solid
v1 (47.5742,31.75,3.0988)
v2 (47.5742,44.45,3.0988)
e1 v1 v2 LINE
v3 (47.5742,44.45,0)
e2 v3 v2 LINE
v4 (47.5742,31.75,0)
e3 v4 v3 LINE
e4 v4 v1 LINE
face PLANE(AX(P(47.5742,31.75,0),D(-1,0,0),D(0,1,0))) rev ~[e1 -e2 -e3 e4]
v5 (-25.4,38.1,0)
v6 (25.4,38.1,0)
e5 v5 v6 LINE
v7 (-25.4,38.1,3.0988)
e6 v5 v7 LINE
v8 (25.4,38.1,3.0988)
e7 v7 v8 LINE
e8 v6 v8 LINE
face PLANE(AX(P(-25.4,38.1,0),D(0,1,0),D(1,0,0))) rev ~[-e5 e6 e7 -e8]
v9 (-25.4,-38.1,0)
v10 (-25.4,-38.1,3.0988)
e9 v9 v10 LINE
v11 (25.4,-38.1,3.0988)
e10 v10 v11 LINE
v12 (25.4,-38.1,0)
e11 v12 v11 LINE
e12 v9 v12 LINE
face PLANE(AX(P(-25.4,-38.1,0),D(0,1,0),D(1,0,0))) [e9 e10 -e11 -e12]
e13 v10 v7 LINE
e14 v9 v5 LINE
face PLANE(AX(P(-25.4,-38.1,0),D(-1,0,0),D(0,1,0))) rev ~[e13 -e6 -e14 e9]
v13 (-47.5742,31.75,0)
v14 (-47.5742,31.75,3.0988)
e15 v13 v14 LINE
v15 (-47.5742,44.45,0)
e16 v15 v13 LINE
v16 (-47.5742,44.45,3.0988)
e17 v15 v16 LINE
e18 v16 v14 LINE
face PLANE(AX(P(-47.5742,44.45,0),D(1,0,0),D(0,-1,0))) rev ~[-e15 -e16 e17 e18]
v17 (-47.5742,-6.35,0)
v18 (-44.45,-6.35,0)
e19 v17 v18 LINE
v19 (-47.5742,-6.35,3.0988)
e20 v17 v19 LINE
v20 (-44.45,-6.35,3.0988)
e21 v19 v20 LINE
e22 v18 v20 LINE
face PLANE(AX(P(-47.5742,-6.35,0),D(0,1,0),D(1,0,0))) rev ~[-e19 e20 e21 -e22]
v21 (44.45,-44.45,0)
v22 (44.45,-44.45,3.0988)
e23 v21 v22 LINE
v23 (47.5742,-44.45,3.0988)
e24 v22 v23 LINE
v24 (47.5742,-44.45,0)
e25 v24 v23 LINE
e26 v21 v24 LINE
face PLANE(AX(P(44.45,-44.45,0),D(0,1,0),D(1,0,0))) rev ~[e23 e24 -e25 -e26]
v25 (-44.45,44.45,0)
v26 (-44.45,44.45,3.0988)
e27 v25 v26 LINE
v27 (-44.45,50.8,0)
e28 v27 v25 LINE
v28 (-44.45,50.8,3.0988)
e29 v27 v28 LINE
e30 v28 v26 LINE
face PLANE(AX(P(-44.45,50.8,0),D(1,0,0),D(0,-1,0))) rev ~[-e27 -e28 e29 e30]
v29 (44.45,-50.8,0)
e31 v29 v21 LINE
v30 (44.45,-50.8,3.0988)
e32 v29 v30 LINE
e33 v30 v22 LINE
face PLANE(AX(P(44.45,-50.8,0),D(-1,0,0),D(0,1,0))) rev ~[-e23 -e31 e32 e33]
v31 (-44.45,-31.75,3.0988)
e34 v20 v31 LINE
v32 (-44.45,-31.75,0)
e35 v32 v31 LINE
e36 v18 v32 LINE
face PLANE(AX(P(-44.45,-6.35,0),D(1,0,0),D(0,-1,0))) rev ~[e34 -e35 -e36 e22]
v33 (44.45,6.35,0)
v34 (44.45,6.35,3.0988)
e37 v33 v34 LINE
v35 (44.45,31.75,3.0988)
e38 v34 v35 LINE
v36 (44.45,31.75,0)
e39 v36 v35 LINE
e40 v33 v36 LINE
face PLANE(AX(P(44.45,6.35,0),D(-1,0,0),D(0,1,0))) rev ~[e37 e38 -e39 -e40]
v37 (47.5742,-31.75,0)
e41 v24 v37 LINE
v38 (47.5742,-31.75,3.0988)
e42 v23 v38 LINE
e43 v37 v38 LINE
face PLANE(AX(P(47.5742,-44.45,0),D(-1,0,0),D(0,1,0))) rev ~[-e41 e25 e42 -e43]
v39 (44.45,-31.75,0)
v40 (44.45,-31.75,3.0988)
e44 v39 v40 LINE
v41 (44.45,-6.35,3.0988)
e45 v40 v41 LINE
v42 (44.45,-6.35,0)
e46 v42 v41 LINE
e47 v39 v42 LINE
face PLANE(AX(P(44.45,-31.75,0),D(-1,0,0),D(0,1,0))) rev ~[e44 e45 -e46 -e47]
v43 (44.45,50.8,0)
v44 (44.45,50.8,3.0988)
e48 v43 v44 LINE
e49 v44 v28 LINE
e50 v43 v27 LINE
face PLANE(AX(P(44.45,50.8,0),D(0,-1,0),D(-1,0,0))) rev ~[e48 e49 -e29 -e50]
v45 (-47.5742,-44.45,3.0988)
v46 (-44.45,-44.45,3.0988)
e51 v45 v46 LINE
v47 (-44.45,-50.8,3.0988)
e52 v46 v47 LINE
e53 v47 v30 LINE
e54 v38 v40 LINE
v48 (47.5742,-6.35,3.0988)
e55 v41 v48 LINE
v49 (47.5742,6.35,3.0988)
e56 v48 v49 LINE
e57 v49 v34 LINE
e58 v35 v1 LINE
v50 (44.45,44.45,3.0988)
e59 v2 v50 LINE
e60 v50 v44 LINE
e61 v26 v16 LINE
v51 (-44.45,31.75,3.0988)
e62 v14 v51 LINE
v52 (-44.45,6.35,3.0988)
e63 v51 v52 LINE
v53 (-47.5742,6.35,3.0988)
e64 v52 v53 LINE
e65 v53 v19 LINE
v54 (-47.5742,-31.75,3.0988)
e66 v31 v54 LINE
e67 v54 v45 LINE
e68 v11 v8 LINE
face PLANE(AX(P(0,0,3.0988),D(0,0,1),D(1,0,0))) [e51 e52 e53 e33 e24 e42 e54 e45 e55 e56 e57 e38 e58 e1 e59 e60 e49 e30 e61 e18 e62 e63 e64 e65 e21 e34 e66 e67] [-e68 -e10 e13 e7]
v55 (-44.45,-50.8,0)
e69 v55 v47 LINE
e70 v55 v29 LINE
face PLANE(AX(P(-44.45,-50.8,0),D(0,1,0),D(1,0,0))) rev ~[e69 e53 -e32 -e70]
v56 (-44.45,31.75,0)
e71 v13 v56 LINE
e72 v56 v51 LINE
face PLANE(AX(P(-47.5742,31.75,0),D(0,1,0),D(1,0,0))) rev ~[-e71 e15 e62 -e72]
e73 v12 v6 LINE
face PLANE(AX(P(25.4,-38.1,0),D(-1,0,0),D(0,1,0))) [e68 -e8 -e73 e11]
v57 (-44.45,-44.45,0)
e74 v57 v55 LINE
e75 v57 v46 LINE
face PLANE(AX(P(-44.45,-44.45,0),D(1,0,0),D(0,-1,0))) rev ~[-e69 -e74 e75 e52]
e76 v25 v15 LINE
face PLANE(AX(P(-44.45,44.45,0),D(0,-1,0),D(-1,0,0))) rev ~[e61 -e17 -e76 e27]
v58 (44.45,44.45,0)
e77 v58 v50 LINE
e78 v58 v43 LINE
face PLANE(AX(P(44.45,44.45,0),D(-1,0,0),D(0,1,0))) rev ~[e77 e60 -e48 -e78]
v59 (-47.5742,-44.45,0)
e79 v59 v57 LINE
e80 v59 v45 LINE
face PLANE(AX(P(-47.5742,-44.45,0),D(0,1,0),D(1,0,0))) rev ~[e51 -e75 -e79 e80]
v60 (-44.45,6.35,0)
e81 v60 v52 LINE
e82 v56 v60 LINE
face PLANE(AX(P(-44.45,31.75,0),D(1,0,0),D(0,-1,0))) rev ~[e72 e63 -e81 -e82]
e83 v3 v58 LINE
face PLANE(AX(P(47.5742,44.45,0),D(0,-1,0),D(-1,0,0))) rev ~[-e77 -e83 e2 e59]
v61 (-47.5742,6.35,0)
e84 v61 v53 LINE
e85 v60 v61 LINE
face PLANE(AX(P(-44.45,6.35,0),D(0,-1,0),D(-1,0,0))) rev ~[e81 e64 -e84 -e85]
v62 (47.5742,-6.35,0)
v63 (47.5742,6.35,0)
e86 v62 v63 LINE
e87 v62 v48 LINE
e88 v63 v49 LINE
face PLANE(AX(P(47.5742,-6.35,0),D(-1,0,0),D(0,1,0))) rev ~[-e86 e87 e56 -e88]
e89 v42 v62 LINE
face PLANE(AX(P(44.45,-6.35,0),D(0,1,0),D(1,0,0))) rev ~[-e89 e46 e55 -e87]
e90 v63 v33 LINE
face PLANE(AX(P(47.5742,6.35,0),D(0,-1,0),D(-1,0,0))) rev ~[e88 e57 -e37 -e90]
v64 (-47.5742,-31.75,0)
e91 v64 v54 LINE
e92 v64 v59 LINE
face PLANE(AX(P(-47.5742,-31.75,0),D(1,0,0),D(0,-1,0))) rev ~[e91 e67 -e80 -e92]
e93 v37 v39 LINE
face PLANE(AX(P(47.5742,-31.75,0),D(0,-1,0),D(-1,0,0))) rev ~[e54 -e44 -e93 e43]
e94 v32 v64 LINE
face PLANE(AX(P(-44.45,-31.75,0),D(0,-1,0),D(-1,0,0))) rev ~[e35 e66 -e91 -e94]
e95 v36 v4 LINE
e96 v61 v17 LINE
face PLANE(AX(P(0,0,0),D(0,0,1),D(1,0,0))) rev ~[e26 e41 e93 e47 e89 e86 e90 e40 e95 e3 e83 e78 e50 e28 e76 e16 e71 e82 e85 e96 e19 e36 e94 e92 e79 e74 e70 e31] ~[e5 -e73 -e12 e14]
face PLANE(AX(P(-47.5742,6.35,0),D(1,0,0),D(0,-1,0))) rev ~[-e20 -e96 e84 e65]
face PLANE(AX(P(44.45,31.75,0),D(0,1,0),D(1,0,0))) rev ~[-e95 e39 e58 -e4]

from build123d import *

# Parameters (mm, degrees)
F0_W     = 50.8
F0_H     = 76.2
F1_DEPTH = 3.0988


with BuildPart() as f1:
    # F0 (on Top) → F1 (new body)
    with BuildSketch(Plane.XY):
        Polygon((44.45, 50.8), (-44.45, 50.8), (-44.45, 44.45), (-47.5742, 44.45), (-47.5742, 31.75), (-44.45, 31.75), (-44.45, 6.35), (-47.5742, 6.35), (-47.5742, -6.35), (-44.45, -6.35), (-44.45, -31.75), (-47.5742, -31.75), (-47.5742, -44.45), (-44.45, -44.45), (-44.45, -50.8), (44.45, -50.8), (44.45, -44.45), (47.5742, -44.45), (47.5742, -31.75), (44.45, -31.75), (44.45, -6.35), (47.5742, -6.35), (47.5742, 6.35), (44.45, 6.35), (44.45, 31.75), (47.5742, 31.75), (47.5742, 44.45), (44.45, 44.45), align=None)
        Rectangle(F0_W, F0_H, mode=Mode.SUBTRACT)
    extrude(amount=F1_DEPTH)


solid = f1.part
